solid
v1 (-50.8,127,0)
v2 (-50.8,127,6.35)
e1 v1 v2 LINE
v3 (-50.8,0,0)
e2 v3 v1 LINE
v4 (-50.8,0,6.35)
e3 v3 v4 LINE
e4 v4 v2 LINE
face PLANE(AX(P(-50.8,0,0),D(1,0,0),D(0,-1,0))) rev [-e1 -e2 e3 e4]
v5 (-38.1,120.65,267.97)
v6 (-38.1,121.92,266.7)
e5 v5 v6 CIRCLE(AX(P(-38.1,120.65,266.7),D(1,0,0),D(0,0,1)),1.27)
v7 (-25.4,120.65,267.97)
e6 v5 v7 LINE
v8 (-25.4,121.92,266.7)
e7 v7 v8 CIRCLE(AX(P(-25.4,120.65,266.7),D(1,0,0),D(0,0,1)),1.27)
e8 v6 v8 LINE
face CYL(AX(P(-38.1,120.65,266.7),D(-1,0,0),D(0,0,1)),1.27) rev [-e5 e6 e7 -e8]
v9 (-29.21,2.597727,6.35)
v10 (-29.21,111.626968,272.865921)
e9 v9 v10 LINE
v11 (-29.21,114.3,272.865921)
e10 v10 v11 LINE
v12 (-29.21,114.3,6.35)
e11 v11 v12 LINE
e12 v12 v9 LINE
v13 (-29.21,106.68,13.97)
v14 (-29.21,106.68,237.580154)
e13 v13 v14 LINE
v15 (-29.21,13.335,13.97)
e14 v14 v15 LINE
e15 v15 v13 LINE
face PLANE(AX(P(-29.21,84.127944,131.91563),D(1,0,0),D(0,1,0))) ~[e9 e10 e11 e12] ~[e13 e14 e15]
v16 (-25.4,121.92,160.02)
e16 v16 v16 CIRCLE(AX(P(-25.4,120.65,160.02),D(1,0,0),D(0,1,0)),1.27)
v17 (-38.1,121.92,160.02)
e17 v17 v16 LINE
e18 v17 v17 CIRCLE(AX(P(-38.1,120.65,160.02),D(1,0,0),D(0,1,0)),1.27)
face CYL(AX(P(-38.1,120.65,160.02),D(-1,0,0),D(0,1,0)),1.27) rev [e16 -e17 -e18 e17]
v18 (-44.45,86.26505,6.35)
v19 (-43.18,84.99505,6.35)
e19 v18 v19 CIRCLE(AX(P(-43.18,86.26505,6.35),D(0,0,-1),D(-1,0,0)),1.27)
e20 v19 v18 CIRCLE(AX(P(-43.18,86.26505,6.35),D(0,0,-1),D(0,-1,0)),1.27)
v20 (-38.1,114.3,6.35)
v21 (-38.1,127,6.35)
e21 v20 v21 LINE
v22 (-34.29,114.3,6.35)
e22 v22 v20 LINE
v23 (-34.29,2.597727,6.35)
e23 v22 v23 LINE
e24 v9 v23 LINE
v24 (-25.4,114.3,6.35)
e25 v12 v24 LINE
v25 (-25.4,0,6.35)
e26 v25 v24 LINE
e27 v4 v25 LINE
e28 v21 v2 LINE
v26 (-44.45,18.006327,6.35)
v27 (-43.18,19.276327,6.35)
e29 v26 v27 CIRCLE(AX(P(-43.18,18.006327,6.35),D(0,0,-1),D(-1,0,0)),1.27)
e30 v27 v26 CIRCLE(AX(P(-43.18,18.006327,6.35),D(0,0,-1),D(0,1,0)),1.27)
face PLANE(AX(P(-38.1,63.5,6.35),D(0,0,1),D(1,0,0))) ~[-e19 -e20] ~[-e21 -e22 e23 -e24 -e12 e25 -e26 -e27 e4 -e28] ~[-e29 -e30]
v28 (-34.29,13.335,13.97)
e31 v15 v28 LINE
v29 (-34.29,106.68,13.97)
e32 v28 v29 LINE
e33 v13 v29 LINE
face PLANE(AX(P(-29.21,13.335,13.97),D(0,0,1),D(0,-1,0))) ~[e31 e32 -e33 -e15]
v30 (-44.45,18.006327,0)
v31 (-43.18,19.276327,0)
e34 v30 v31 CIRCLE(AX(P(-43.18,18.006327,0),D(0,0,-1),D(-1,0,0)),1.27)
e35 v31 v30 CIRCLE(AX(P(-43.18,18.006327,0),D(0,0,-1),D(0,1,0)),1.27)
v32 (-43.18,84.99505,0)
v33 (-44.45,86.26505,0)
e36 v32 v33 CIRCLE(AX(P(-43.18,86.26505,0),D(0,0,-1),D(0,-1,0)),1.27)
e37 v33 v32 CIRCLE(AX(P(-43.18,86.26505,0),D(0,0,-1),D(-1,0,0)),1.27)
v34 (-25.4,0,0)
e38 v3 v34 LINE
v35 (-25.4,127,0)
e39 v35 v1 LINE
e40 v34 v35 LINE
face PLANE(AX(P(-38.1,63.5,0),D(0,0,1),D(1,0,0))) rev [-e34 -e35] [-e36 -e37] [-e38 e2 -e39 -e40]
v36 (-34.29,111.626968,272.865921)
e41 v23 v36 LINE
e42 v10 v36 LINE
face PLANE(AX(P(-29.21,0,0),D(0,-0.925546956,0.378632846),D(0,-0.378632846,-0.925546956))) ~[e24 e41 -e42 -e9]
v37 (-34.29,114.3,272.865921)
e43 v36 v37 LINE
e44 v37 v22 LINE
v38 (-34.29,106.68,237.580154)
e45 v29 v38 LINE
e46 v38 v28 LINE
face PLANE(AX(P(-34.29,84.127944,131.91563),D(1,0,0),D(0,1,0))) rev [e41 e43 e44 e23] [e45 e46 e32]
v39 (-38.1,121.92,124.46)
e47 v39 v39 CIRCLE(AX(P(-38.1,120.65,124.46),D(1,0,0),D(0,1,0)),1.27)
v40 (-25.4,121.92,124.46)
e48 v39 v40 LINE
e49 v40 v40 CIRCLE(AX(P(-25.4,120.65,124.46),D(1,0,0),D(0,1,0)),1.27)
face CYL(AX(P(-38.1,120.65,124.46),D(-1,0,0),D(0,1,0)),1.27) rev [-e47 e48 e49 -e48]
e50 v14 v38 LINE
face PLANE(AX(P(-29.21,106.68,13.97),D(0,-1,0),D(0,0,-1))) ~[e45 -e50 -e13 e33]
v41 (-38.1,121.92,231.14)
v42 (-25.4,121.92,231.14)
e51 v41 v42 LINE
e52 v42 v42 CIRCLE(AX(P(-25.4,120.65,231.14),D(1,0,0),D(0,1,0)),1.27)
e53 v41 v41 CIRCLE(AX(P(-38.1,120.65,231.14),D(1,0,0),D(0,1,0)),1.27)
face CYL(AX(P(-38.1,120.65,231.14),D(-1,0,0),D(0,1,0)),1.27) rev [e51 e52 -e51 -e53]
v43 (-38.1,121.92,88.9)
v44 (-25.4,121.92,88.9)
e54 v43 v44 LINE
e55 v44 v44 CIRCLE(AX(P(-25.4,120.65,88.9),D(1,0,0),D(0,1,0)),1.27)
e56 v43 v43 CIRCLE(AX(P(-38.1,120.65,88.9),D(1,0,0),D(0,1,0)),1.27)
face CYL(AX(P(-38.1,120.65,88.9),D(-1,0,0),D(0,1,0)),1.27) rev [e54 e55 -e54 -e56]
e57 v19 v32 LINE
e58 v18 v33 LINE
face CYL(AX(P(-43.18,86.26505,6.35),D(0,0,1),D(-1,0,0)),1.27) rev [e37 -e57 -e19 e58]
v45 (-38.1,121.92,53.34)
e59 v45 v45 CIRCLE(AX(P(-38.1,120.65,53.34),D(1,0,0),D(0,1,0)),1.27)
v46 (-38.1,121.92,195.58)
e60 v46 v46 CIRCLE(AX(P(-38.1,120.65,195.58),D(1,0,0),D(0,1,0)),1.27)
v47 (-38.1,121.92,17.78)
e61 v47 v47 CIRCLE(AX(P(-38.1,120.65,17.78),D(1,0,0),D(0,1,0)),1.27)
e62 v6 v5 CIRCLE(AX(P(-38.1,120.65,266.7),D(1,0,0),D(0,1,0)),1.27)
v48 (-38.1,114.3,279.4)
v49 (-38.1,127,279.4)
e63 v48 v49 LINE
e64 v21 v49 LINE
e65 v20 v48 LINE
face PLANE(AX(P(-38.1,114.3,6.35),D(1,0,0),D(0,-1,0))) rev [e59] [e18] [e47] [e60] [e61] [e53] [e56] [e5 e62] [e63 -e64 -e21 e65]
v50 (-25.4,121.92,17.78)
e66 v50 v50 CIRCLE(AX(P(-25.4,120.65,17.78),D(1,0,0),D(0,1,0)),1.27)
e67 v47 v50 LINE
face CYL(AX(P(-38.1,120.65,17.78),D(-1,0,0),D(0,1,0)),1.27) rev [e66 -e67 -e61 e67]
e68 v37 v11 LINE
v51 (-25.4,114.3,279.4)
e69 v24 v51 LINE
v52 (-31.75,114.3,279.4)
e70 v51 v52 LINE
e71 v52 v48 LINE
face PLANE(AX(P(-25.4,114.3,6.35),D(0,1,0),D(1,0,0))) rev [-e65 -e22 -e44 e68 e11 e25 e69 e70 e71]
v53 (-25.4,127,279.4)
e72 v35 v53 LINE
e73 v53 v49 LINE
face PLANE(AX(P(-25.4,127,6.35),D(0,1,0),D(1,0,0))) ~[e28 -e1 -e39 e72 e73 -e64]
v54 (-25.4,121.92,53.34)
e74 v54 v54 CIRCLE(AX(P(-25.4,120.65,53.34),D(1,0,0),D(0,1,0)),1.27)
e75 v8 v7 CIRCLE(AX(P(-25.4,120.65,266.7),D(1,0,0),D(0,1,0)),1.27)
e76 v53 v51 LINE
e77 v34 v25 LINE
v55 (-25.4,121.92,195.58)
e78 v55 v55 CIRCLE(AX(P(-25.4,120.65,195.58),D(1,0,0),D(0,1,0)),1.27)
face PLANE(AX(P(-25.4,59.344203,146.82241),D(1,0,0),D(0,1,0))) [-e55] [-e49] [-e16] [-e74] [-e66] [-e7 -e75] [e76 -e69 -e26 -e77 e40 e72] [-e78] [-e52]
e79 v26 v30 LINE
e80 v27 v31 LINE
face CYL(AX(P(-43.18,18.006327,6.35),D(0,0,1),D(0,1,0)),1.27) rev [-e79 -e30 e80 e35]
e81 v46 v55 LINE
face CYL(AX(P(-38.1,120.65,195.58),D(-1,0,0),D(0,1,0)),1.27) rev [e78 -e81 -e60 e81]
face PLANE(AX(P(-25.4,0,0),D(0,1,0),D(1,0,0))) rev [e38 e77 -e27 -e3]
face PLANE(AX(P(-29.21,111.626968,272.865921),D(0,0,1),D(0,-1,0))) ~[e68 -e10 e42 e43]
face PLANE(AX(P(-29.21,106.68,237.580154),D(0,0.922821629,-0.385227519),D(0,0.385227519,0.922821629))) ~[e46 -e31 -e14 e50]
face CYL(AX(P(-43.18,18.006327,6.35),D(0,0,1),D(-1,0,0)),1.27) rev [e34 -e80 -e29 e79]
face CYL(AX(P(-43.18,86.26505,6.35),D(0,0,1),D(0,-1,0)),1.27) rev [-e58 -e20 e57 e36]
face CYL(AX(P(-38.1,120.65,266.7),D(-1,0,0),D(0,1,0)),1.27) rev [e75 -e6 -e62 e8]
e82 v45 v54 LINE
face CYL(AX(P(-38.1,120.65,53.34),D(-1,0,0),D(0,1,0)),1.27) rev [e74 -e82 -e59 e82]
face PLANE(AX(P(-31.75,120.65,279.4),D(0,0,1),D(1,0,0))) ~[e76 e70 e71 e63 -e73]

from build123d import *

# Parameters (mm, degrees)
F0_W      = 25.4
F0_H      = 127
F1_DEPTH  = 6.35
F2_W      = 12.7
F2_H      = 12.7
F3_DEPTH  = 273.05
F4_W      = 2.54
F4_H      = 6.5340787411
F5_DEPTH  = 25.4
F7_DEPTH  = 5.08
F8_DEPTH  = 25.4
F10_DEPTH = 25.4
F11_R     = 1.27
F12_DEPTH = 25.4
F15_DEPTH = 25.4
F16_W     = 127
F16_H     = 6.35
F17_DEPTH = 25.4


with BuildPart() as f1:
    # F0 (on Top) → F1 (new body)
    with BuildSketch(Plane.XY):
        with Locations((-12.7, 63.5)):
            Rectangle(F0_W, F0_H)
    extrude(amount=F1_DEPTH)

    # F2 (on face) → F3 (join)
    with BuildSketch(Plane.XY.offset(6.35)):
        with Locations((-19.05, 120.65)):
            Rectangle(F2_W, F2_H)
    extrude(amount=F3_DEPTH)

    # F4 (on face) → F5 (join)
    with BuildSketch(Plane.XZ.offset(-114.3)):
        with Locations((-20.32, 276.1329606295)):
            Rectangle(F4_W, F4_H)
    extrude(amount=F5_DEPTH)

    # F6 (on face) → F7 (join)
    with BuildSketch(Plane(origin=(-21.59, 0, 0), x_dir=(0, -1, 0), z_dir=(-1, 0, 0))):
        Polygon((-13.335, 13.97), (-5.715, 13.97), (-111.6269677877, 272.8659212589), (-114.3, 272.8659212589), (-114.3, 263.1782591343), (-114.3, 6.35), (-106.68, 6.35), (-106.68, 13.97), (-106.68, 217.2529995441), (-106.68, 237.5801540886), align=None)
        Polygon((0, 0), (-5.715, 13.97), (-13.335, 13.97), (-106.68, 13.97), (-106.68, 6.35), (-114.3, 6.35), (-114.3, 0), (-96.3151082397, 0), align=None)
    extrude(amount=-F7_DEPTH)

    # F8 (cut): a face of the model
    f8_faces = [f1.faces().sort_by_distance(p)[0] for p in [
        (-20.32, 88.9, 276.1329606295),
    ]]
    extrude(f8_faces, amount=-F8_DEPTH, mode=Mode.SUBTRACT)

    # F9 (on face) → F10 (cut)
    with BuildSketch(Plane.XY.offset(6.35)):
        with BuildLine():
            ThreePointArc((-6.35, 86.2650498748), (-8.5180256121, 87.1630754869), (-7.62, 84.9950498748))
            ThreePointArc((-7.62, 84.9950498748), (-6.7219743879, 85.3670242627), (-6.35, 86.2650498748))
        make_face()
        with BuildLine():
            ThreePointArc((-7.62, 19.2763266307), (-8.5180256121, 17.1083010186), (-6.35, 18.0063266307))
            Line((-6.35, 18.0063266307), (-7.62, 18.0063266307))
            Line((-7.62, 18.0063266307), (-7.62, 19.2763266307))
        make_face()
        with BuildLine():
            Line((-7.62, 18.0063266307), (-6.35, 18.0063266307))
            ThreePointArc((-6.35, 18.0063266307), (-6.7219743879, 18.9043522428), (-7.62, 19.2763266307))
            Line((-7.62, 19.2763266307), (-7.62, 18.0063266307))
        make_face()
    extrude(amount=-F10_DEPTH, mode=Mode.SUBTRACT)

    # F11 (on face) → F12 (cut)
    with BuildSketch(Plane.YZ.offset(-12.7)):
        with BuildLine():
            ThreePointArc((121.92, 266.7), (121.5480256121, 267.5980256121), (120.65, 267.97))
            ThreePointArc((120.65, 267.97), (119.7519743879, 265.8019743879), (121.92, 266.7))
        make_face()
        with Locations((120.65, 231.14)):
            Circle(F11_R)
        with Locations((120.65, 195.58)):
            Circle(F11_R)
        with Locations((120.65, 160.02)):
            Circle(F11_R)
        with Locations((120.65, 124.46)):
            Circle(F11_R)
        with Locations((120.65, 88.9)):
            Circle(F11_R)
        with Locations((120.65, 53.34)):
            Circle(F11_R)
        with Locations((120.65, 17.78)):
            Circle(F11_R)
    extrude(amount=-F12_DEPTH, mode=Mode.SUBTRACT)

    # F13: F1 across face


with BuildPart() as f1_1:
    add(f1.part)
    add(f1.part.mirror(Plane(origin=(-25.4, 109.7637352167, 116.2702105669), x_dir=(0, -1, 0), z_dir=(-1, 0, 0))))

    # F14 (on face) → F15 (cut)
    with BuildSketch(Plane.YZ):
        Polygon((-6.4147920348, 0), (0, 0), (0, 6.35), (127, 6.35), (127, 291.7480170727), (-6.4147920348, 291.7480170727), align=None)
    extrude(amount=-F15_DEPTH, mode=Mode.SUBTRACT)

    # F16 (on face) → F17 (cut)
    with BuildSketch(Plane.YZ):
        with Locations((63.5, 3.175)):
            Rectangle(F16_W, F16_H)
    extrude(amount=-F17_DEPTH, mode=Mode.SUBTRACT)


solid = f1_1.part
